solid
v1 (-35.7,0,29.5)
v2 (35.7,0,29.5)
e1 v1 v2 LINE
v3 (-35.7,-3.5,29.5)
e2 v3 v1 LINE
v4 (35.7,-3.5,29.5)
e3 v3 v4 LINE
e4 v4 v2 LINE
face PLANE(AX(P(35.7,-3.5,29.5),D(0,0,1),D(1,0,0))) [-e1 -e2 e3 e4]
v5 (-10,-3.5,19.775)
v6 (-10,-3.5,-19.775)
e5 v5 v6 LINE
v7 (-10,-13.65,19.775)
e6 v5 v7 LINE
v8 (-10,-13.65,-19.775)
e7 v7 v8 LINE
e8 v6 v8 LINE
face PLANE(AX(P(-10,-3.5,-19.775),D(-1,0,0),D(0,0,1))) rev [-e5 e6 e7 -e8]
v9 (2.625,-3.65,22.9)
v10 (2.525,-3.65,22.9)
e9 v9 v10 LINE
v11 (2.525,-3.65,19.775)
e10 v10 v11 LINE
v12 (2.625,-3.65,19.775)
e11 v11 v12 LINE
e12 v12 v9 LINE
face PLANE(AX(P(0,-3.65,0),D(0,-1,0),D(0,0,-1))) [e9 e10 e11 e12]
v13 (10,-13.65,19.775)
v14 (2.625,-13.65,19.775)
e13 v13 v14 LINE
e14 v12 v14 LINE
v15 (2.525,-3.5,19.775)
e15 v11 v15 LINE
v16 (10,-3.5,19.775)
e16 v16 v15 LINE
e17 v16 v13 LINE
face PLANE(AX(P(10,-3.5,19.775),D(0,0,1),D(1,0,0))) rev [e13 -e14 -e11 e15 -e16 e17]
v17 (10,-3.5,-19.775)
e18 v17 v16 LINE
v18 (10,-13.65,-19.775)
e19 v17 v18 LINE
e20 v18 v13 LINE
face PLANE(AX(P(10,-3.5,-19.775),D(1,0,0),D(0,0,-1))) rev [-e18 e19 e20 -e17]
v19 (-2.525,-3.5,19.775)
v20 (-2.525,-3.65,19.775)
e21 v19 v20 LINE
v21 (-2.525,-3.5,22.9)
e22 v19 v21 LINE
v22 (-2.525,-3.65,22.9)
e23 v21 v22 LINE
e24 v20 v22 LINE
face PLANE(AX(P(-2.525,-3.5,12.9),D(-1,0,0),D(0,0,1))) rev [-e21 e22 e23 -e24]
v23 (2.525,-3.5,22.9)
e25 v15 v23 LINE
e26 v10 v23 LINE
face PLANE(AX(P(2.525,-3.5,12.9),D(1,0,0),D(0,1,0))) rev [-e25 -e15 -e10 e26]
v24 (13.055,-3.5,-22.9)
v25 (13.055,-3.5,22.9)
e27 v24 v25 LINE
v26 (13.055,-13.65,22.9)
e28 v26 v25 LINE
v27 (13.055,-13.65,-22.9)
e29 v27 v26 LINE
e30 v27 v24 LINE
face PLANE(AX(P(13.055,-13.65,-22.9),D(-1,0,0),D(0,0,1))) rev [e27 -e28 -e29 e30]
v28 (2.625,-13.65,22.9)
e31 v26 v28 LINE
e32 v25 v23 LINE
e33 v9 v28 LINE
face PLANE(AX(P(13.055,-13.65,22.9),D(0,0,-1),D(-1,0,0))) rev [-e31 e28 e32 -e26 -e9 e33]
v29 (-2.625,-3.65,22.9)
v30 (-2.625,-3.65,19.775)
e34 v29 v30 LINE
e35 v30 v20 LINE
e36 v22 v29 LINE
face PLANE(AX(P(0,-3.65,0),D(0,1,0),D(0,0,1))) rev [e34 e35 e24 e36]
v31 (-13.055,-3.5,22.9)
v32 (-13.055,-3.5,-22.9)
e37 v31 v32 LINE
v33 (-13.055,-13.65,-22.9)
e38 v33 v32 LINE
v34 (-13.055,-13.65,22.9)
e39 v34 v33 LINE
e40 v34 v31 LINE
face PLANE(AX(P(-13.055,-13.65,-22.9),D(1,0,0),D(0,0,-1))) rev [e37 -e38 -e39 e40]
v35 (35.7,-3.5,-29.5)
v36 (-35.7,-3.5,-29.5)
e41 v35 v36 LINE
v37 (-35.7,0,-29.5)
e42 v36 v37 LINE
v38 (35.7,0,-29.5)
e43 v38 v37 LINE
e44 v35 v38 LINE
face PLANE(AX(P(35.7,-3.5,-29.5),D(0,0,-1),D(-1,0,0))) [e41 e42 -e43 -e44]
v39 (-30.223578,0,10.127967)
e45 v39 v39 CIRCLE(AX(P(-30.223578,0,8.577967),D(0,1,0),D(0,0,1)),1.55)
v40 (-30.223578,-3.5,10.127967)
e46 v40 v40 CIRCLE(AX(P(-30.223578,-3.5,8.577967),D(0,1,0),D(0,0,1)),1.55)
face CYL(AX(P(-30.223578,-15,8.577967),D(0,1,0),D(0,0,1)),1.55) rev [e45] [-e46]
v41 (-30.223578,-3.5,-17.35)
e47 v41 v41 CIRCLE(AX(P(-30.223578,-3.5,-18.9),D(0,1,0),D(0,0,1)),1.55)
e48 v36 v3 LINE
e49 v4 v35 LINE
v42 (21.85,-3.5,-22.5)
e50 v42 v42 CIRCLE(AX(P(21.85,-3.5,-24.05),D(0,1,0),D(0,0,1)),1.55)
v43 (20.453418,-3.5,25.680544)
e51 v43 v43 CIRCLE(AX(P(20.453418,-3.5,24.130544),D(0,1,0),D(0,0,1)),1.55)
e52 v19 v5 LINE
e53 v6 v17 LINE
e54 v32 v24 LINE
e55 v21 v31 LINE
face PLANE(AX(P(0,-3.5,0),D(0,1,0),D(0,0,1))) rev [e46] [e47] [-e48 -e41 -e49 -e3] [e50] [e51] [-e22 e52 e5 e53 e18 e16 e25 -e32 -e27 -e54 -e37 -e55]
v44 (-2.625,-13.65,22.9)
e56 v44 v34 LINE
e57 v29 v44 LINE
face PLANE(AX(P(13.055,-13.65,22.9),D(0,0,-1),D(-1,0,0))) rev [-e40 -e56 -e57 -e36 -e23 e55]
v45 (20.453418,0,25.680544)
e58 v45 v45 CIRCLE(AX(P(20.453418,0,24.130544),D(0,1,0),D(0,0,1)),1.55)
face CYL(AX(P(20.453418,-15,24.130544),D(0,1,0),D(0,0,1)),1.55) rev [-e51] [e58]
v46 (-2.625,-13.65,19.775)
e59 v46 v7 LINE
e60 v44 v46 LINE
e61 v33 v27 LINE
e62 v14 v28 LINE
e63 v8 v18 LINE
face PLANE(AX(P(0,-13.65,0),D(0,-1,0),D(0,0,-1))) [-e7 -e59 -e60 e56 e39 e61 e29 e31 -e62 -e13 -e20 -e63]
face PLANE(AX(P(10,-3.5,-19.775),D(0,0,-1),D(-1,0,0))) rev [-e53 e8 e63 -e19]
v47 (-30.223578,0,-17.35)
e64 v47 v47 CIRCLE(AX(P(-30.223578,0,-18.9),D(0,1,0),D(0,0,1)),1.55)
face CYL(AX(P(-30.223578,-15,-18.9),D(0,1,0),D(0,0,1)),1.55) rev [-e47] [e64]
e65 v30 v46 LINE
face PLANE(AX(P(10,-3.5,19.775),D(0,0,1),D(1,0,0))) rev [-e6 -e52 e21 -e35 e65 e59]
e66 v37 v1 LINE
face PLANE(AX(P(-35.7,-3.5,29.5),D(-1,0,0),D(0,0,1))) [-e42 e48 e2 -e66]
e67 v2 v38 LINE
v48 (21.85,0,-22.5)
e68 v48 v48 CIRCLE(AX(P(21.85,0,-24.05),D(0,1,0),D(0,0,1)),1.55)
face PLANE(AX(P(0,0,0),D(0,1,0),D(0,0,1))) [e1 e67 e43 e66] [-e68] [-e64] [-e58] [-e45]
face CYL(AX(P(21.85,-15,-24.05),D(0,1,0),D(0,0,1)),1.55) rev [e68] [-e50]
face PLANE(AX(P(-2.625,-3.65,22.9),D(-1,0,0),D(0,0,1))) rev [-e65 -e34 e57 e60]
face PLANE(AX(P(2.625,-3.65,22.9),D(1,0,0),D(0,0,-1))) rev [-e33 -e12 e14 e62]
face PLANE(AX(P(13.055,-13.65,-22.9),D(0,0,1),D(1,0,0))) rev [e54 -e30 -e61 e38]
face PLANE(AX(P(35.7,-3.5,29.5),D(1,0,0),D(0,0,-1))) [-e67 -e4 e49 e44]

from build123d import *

# Parameters (mm, degrees)
SKETCH_1_W               = 71.4
SKETCH_1_H               = 59
EXTRUDE_1_DEPTH          = 3.5
CUT_EXTRUDE_4_DEPTH      = 8.5
CUT_EXTRUDE_4_DEPTH_BACK = 15
SKETCH_2_R               = 1.55
SKETCH_5_W               = 26.11
SKETCH_5_H               = 45.8
EXTRUDE_2_DEPTH          = 10.15
SKETCH_6_W               = 20
SKETCH_6_H               = 39.55
CUT_EXTRUDE_5_DEPTH      = 10.15
SKETCH_9_W               = 5.05
SKETCH_9_H               = 10.15
CUT_EXTRUDE_6_DEPTH      = 10
SKETCH_12_W              = 0.1
SKETCH_12_H              = 3.125
CUT_EXTRUDE_7_DEPTH      = 10


with BuildPart() as part:
    # 草圖1 → 填料-伸長1 (new body)
    with BuildSketch(Plane(origin=(0, 0, 0), x_dir=(1, 0, 0), z_dir=(0, 1, 0))):
        Rectangle(SKETCH_1_W, SKETCH_1_H)
    extrude(amount=-EXTRUDE_1_DEPTH)

    # 草圖2 → 除料-伸長4 (cut, two sides: drawn at the far end of the back side and taken through both)
    with BuildSketch(Plane(origin=(0, 0, 0), x_dir=(1, 0, 0), z_dir=(0, 1, 0)).offset(-CUT_EXTRUDE_4_DEPTH_BACK)):
        with Locations(Location((20.453418067, -24.130543915, 0), (0, 0, 270))):
            Circle(SKETCH_2_R)
        with Locations(Location((-30.223577589, 18.9, 0), (0, 0, 270))):
            Circle(SKETCH_2_R)
        with Locations(Location((-30.223577589, -8.577967438, 0), (0, 0, 270))):
            Circle(SKETCH_2_R)
        with Locations(Location((21.85, 24.05, 0), (0, 0, 270))):
            Circle(SKETCH_2_R)
    extrude(amount=CUT_EXTRUDE_4_DEPTH + CUT_EXTRUDE_4_DEPTH_BACK, mode=Mode.SUBTRACT)

    # 草圖5 → 填料-伸長2 (add)
    with BuildSketch(Plane(origin=(0, -3.5, 0), x_dir=(-1, 0, 0), z_dir=(0, -1, 0))):
        Rectangle(SKETCH_5_W, SKETCH_5_H)
    extrude(amount=EXTRUDE_2_DEPTH)

    # 草圖6 → 除料-伸長5 (cut)
    with BuildSketch(Plane.XZ.offset(13.65)):
        Rectangle(SKETCH_6_W, SKETCH_6_H)
    extrude(amount=-CUT_EXTRUDE_5_DEPTH, mode=Mode.SUBTRACT)

    # 草圖9 → 除料-伸長6 (cut)
    with BuildSketch(Plane.XY.offset(22.9)):
        with Locations((0, -8.575)):
            Rectangle(SKETCH_9_W, SKETCH_9_H)
    extrude(amount=-CUT_EXTRUDE_6_DEPTH, mode=Mode.SUBTRACT)

    # 草圖12 → 除料-伸長7 (cut)
    with BuildSketch(Plane.XZ.offset(13.65)):
        with Locations((-2.575, 21.3375)):
            Rectangle(SKETCH_12_W, SKETCH_12_H)
        with Locations((2.575, 21.3375)):
            Rectangle(SKETCH_12_W, SKETCH_12_H)
    extrude(amount=-CUT_EXTRUDE_7_DEPTH, mode=Mode.SUBTRACT)


solid = part.part
